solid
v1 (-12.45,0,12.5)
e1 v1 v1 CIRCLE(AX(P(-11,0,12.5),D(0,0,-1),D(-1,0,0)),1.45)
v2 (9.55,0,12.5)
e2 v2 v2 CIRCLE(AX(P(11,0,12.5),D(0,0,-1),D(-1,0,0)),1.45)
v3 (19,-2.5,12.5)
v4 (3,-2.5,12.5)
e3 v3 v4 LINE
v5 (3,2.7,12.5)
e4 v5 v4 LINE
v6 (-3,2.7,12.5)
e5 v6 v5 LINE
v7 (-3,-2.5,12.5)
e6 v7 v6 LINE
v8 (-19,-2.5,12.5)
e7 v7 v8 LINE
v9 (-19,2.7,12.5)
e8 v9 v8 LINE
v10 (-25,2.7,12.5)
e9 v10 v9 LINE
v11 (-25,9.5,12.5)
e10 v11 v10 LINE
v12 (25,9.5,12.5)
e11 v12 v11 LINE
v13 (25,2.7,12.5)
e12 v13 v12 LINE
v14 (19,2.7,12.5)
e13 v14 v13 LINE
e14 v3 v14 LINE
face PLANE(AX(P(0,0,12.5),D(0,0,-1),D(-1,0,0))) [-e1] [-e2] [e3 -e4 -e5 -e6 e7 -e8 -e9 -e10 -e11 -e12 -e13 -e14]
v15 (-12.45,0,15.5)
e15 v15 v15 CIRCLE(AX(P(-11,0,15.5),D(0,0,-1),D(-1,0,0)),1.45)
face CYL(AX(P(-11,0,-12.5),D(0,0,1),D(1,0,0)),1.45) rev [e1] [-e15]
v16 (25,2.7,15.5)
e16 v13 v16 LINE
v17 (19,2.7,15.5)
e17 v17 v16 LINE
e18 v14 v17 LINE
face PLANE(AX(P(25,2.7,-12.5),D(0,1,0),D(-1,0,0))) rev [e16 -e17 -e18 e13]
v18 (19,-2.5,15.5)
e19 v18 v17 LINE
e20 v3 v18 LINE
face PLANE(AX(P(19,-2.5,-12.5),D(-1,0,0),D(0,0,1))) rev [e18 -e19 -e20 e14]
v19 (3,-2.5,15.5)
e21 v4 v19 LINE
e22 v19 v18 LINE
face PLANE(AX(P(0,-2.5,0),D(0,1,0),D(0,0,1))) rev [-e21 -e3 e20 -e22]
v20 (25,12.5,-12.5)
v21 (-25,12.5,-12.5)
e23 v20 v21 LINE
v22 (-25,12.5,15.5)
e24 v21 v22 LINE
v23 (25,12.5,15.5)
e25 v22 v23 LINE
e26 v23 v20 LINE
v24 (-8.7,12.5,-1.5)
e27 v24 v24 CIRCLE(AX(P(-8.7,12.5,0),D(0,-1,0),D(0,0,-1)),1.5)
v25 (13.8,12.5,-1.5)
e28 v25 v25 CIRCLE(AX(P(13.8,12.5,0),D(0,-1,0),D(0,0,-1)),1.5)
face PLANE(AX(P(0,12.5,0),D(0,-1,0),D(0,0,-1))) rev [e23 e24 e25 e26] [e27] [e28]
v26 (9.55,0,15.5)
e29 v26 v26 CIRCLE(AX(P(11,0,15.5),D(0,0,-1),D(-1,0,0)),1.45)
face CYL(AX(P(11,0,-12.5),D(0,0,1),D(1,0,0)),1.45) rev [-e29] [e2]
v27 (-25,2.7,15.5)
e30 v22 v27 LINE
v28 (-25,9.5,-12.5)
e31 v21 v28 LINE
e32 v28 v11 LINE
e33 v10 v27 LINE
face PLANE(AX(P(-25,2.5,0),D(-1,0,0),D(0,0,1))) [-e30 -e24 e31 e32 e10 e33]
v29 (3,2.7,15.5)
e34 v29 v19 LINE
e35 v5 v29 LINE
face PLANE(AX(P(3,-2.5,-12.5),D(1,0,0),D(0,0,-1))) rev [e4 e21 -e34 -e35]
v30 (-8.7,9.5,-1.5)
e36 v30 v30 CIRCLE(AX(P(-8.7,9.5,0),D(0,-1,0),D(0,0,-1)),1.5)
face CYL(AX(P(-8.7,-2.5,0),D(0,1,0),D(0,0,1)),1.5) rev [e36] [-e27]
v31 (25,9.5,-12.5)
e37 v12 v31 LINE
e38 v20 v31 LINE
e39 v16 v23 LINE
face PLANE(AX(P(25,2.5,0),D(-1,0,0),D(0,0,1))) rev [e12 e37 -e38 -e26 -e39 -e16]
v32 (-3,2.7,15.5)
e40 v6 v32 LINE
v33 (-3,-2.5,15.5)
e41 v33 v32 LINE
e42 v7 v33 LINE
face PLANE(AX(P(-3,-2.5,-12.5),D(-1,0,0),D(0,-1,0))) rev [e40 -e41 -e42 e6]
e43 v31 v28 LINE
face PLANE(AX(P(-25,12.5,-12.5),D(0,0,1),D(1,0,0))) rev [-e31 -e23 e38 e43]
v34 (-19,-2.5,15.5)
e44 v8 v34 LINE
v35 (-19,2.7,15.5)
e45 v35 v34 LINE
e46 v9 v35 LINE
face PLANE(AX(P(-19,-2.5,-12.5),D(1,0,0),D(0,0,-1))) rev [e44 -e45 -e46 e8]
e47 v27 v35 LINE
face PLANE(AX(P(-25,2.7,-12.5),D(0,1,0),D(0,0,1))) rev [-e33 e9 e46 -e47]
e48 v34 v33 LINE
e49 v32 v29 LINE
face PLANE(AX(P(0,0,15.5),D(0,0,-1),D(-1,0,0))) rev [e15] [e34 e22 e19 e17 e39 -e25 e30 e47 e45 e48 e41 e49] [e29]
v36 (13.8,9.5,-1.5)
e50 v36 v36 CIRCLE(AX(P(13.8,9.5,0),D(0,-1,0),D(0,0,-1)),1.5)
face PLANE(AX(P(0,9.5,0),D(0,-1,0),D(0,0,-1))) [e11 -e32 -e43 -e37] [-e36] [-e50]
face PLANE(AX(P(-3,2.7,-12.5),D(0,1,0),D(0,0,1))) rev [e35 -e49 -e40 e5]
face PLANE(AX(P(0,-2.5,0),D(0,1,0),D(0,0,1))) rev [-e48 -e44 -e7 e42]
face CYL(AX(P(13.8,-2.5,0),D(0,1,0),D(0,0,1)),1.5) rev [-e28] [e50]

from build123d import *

# Parameters (mm, degrees)
SKETCH1_W                = 50
SKETCH1_H                = 25
SKETCH1_R                = 1.3
SKETCH1_R_2              = 4.5
BOSS_EXTRUDE1_DEPTH      = 2.5
SKETCH2_W                = 50
SKETCH2_H                = 12
BOSS_EXTRUDE2_DEPTH      = 3
SKETCH3_W                = 50
SKETCH3_H                = 28
BOSS_EXTRUDE3_DEPTH      = 3
SKETCH4_R                = 1.3
CUT_EXTRUDE1_DEPTH       = 16
SKETCH5_W                = 53
SKETCH5_H                = 32.5
SKETCH5_R                = 1.6
SKETCH5_W_2              = 42
SKETCH5_H_2              = 21.5
BOSS_EXTRUDE4_DEPTH      = 4
SKETCH7_R                = 8
CUT_EXTRUDE2_DEPTH       = 5
SKETCH8_W                = 24.55
SKETCH8_H                = 21.5
CUT_EXTRUDE3_DEPTH       = 3.8
BOSS_EXTRUDE6_DEPTH      = 22.95
BOSS_EXTRUDE7_DEPTH      = 2
SKETCH11_R               = 1.6
CUT_EXTRUDE4_DEPTH       = 1.2
SKETCH12_W               = 7
SKETCH12_H               = 21
SKETCH12_R               = 1.6
BOSS_EXTRUDE8_DEPTH      = 7.8
SKETCH13_W               = 0.7
SKETCH13_H               = 5
SKETCH13_H_2             = 4
CUT_EXTRUDE5_DEPTH       = 51
CUT_EXTRUDE5_DEPTH_BACK  = 25.95
SKETCH14_W               = 3
SKETCH14_H               = 4
SKETCH14_W_2             = 25
SKETCH14_H_2             = 5
CUT_EXTRUDE6_DEPTH       = 1
CUT_EXTRUDE6_DEPTH_BACK  = 75.95
SKETCH15_W               = 24.95
SKETCH15_H               = 3
CUT_EXTRUDE7_DEPTH       = 11
CUT_EXTRUDE7_DEPTH_BACK  = 6
SKETCH16_R               = 1.45
SKETCH16_W               = 6
SKETCH16_H               = 5.2
CUT_EXTRUDE8_DEPTH       = 1
CUT_EXTRUDE8_DEPTH_BACK  = 29
SKETCH18_R               = 1.5
CUT_EXTRUDE9_DEPTH       = 1
CUT_EXTRUDE9_DEPTH_BACK  = 16
SKETCH19_R               = 1.3
BOSS_EXTRUDE9_DEPTH      = 3
SKETCH20_R               = 1.5
CUT_EXTRUDE10_DEPTH      = 1
CUT_EXTRUDE10_DEPTH_BACK = 16


with BuildPart() as part:
    # Sketch1 → Boss-Extrude1 (new body, symmetric)
    with BuildSketch(Plane(origin=(0, 0, 0), x_dir=(1, 0, 0), z_dir=(0, 1, 0))):
        Rectangle(SKETCH1_W, SKETCH1_H)
        with Locations((-11.25, 0)):
            Circle(SKETCH1_R, mode=Mode.SUBTRACT)
        with Locations((11.25, 0)):
            Circle(SKETCH1_R_2, mode=Mode.SUBTRACT)
    extrude(amount=BOSS_EXTRUDE1_DEPTH, both=True)

    # Sketch2 → Boss-Extrude2 (add)
    with BuildSketch(Plane.XY.offset(12.5)):
        with Locations((0, 3.5)):
            Rectangle(SKETCH2_W, SKETCH2_H)
    extrude(amount=BOSS_EXTRUDE2_DEPTH)

    # Sketch3 → Boss-Extrude3 (add)
    with BuildSketch(Plane(origin=(0, 9.5, 0), x_dir=(1, 0, 0), z_dir=(0, 1, 0))):
        with Locations((0, -1.5)):
            Rectangle(SKETCH3_W, SKETCH3_H)
    extrude(amount=BOSS_EXTRUDE3_DEPTH)

    # Sketch4 → Cut-Extrude1 (cut, through all)
    with BuildSketch(Plane(origin=(0, 12.5, 0), x_dir=(1, 0, 0), z_dir=(0, 1, 0))):
        with Locations((11.25, 0)):
            Circle(SKETCH4_R)
        with Locations((-11.25, 0)):
            Circle(SKETCH4_R)
    extrude(amount=-CUT_EXTRUDE1_DEPTH, mode=Mode.SUBTRACT)

    # Sketch5 → Boss-Extrude4 (add)
    with BuildSketch(Plane.XZ.offset(2.5)):
        with Locations((21.45, -0.05)):
            Rectangle(SKETCH5_W, SKETCH5_H)
        with Locations((45.75, -5)):
            Circle(SKETCH5_R, mode=Mode.SUBTRACT)
        with Locations((45.75, 4.9)):
            Circle(SKETCH5_R, mode=Mode.SUBTRACT)
        with Locations((-2.85, 4.9)):
            Circle(SKETCH5_R, mode=Mode.SUBTRACT)
        with Locations((-2.85, -5)):
            Circle(SKETCH5_R, mode=Mode.SUBTRACT)
        with Locations((21.45, -0.05)):
            Rectangle(SKETCH5_W_2, SKETCH5_H_2, mode=Mode.SUBTRACT)
    extrude(amount=BOSS_EXTRUDE4_DEPTH)

    # Sketch7 → Cut-Extrude2 (cut)
    with BuildSketch(Plane.XZ.offset(2.5)):
        with Locations((11.25, 0)):
            Circle(SKETCH7_R)
    extrude(amount=-CUT_EXTRUDE2_DEPTH, mode=Mode.SUBTRACT)

    # Sketch8 → Cut-Extrude3 (cut)
    with BuildSketch(Plane.XZ.offset(2.5)):
        with Locations((12.725, -0.05)):
            Rectangle(SKETCH8_W, SKETCH8_H)
    extrude(amount=-CUT_EXTRUDE3_DEPTH, mode=Mode.SUBTRACT)

    # Sketch9 → Boss-Extrude6 (add)
    with BuildSketch(Plane(origin=(25, 0, 0), x_dir=(0, 0, -1), z_dir=(1, 0, 0))):
        Polygon((12.5, 2.5), (-16.2, 2.5), (-16.2, -2.5), (-10.7, -2.5), (-10.7, 1.3), (10.8, 1.3), (10.8, -2.5), (12.5, -2.5), align=None)
    extrude(amount=BOSS_EXTRUDE6_DEPTH)

    # Sketch10 → Boss-Extrude7 (add)
    with BuildSketch(Plane(origin=(47.95, 0, 0), x_dir=(0, 0, -1), z_dir=(1, 0, 0))):
        Polygon((16.3, -2.5), (12.5, -2.5), (12.5, 2.5), (-16.2, 2.5), (-16.2, -6.5), (16.3, -6.5), align=None)
    extrude(amount=BOSS_EXTRUDE7_DEPTH)

    # Sketch11 → Cut-Extrude4 (cut)
    with BuildSketch(Plane.XZ.offset(-1.3)):
        with Locations((-2.85, 4.9)):
            Circle(SKETCH11_R)
        with Locations((-2.85, -5)):
            Circle(SKETCH11_R)
        with Locations((45.75, 4.9)):
            Circle(SKETCH11_R)
        with Locations((45.75, -5)):
            Circle(SKETCH11_R)
    extrude(amount=-CUT_EXTRUDE4_DEPTH, mode=Mode.SUBTRACT)

    # Sketch12 → Boss-Extrude8 (add)
    with BuildSketch(Plane.XZ.offset(-1.3)):
        with Locations((46.45, 0.2)):
            Rectangle(SKETCH12_W, SKETCH12_H)
        with Locations((45.75, 4.9)):
            Circle(SKETCH12_R, mode=Mode.SUBTRACT)
        with Locations((45.75, -5)):
            Circle(SKETCH12_R, mode=Mode.SUBTRACT)
    extrude(amount=BOSS_EXTRUDE8_DEPTH)

    # Sketch13 → Cut-Extrude5 (cut, two sides)
    with BuildSketch(Plane.ZY.offset(-25)) as cut_extrude5_sk:
        with Locations((15.85, 0)):
            Rectangle(SKETCH13_W, SKETCH13_H)
        with Locations((15.85, -4.5)):
            Rectangle(SKETCH13_W, SKETCH13_H_2)
    extrude(amount=CUT_EXTRUDE5_DEPTH, mode=Mode.SUBTRACT)
    extrude(cut_extrude5_sk.sketch, amount=-CUT_EXTRUDE5_DEPTH_BACK, mode=Mode.SUBTRACT)

    # Sketch14 → Cut-Extrude6 (cut, two sides)
    with BuildSketch(Plane.ZY.offset(25)) as cut_extrude6_sk:
        with Locations((14, -4.5)):
            Rectangle(SKETCH14_W, SKETCH14_H)
        Polygon((-16.3, 2.5), (-16.3, -6.5), (12.5, -6.5), (12.5, -2.5), (-12.5, -2.5), (-12.5, 2.5), align=None)
        Rectangle(SKETCH14_W_2, SKETCH14_H_2)
    extrude(amount=CUT_EXTRUDE6_DEPTH, mode=Mode.SUBTRACT)
    extrude(cut_extrude6_sk.sketch, amount=-CUT_EXTRUDE6_DEPTH_BACK, mode=Mode.SUBTRACT)

    # Sketch15 → Cut-Extrude7 (cut, two sides)
    with BuildSketch(Plane(origin=(0, 2.5, 0), x_dir=(1, 0, 0), z_dir=(0, 1, 0))) as cut_extrude7_sk:
        with Locations((37.475, -14)):
            Rectangle(SKETCH15_W, SKETCH15_H)
    extrude(amount=CUT_EXTRUDE7_DEPTH, mode=Mode.SUBTRACT)
    extrude(cut_extrude7_sk.sketch, amount=-CUT_EXTRUDE7_DEPTH_BACK, mode=Mode.SUBTRACT)

    # Sketch16 → Cut-Extrude8 (cut, two sides)
    with BuildSketch(Plane.XY.offset(15.5)) as cut_extrude8_sk:
        with Locations((-11, 0)):
            Circle(SKETCH16_R)
        with Locations((11, 0)):
            Circle(SKETCH16_R)
        with Locations((-22, 0.1)):
            Rectangle(SKETCH16_W, SKETCH16_H)
        with Locations((0, 0.1)):
            Rectangle(SKETCH16_W, SKETCH16_H)
        with Locations((22, 0.1)):
            Rectangle(SKETCH16_W, SKETCH16_H)
    extrude(amount=CUT_EXTRUDE8_DEPTH, mode=Mode.SUBTRACT)
    extrude(cut_extrude8_sk.sketch, amount=-CUT_EXTRUDE8_DEPTH_BACK, mode=Mode.SUBTRACT)

    # Sketch18 → Cut-Extrude9 (cut, two sides)
    with BuildSketch(Plane(origin=(0, 12.5, 0), x_dir=(1, 0, 0), z_dir=(0, 1, 0))) as cut_extrude9_sk:
        with Locations((-8.7, 0)):
            Circle(SKETCH18_R)
    extrude(amount=CUT_EXTRUDE9_DEPTH, mode=Mode.SUBTRACT)
    extrude(cut_extrude9_sk.sketch, amount=-CUT_EXTRUDE9_DEPTH_BACK, mode=Mode.SUBTRACT)

    # Sketch19 → Boss-Extrude9 (add)
    with BuildSketch(Plane(origin=(0, 12.5, 0), x_dir=(1, 0, 0), z_dir=(0, 1, 0))):
        with BuildLine():
            ThreePointArc((-10.084803922, -0.57647038), (-10.2, 0), (-10.084803922, 0.57647038))
            ThreePointArc((-10.084803922, 0.57647038), (-12.55, 0), (-10.084803922, -0.57647038))
        make_face()
        with Locations((11.25, 0)):
            Circle(SKETCH19_R)
    extrude(amount=-BOSS_EXTRUDE9_DEPTH)

    # Sketch20 → Cut-Extrude10 (cut, two sides)
    with BuildSketch(Plane(origin=(0, 12.5, 0), x_dir=(1, 0, 0), z_dir=(0, 1, 0))) as cut_extrude10_sk:
        with Locations((13.8, 0)):
            Circle(SKETCH20_R)
    extrude(amount=CUT_EXTRUDE10_DEPTH, mode=Mode.SUBTRACT)
    extrude(cut_extrude10_sk.sketch, amount=-CUT_EXTRUDE10_DEPTH_BACK, mode=Mode.SUBTRACT)


solid = part.part
